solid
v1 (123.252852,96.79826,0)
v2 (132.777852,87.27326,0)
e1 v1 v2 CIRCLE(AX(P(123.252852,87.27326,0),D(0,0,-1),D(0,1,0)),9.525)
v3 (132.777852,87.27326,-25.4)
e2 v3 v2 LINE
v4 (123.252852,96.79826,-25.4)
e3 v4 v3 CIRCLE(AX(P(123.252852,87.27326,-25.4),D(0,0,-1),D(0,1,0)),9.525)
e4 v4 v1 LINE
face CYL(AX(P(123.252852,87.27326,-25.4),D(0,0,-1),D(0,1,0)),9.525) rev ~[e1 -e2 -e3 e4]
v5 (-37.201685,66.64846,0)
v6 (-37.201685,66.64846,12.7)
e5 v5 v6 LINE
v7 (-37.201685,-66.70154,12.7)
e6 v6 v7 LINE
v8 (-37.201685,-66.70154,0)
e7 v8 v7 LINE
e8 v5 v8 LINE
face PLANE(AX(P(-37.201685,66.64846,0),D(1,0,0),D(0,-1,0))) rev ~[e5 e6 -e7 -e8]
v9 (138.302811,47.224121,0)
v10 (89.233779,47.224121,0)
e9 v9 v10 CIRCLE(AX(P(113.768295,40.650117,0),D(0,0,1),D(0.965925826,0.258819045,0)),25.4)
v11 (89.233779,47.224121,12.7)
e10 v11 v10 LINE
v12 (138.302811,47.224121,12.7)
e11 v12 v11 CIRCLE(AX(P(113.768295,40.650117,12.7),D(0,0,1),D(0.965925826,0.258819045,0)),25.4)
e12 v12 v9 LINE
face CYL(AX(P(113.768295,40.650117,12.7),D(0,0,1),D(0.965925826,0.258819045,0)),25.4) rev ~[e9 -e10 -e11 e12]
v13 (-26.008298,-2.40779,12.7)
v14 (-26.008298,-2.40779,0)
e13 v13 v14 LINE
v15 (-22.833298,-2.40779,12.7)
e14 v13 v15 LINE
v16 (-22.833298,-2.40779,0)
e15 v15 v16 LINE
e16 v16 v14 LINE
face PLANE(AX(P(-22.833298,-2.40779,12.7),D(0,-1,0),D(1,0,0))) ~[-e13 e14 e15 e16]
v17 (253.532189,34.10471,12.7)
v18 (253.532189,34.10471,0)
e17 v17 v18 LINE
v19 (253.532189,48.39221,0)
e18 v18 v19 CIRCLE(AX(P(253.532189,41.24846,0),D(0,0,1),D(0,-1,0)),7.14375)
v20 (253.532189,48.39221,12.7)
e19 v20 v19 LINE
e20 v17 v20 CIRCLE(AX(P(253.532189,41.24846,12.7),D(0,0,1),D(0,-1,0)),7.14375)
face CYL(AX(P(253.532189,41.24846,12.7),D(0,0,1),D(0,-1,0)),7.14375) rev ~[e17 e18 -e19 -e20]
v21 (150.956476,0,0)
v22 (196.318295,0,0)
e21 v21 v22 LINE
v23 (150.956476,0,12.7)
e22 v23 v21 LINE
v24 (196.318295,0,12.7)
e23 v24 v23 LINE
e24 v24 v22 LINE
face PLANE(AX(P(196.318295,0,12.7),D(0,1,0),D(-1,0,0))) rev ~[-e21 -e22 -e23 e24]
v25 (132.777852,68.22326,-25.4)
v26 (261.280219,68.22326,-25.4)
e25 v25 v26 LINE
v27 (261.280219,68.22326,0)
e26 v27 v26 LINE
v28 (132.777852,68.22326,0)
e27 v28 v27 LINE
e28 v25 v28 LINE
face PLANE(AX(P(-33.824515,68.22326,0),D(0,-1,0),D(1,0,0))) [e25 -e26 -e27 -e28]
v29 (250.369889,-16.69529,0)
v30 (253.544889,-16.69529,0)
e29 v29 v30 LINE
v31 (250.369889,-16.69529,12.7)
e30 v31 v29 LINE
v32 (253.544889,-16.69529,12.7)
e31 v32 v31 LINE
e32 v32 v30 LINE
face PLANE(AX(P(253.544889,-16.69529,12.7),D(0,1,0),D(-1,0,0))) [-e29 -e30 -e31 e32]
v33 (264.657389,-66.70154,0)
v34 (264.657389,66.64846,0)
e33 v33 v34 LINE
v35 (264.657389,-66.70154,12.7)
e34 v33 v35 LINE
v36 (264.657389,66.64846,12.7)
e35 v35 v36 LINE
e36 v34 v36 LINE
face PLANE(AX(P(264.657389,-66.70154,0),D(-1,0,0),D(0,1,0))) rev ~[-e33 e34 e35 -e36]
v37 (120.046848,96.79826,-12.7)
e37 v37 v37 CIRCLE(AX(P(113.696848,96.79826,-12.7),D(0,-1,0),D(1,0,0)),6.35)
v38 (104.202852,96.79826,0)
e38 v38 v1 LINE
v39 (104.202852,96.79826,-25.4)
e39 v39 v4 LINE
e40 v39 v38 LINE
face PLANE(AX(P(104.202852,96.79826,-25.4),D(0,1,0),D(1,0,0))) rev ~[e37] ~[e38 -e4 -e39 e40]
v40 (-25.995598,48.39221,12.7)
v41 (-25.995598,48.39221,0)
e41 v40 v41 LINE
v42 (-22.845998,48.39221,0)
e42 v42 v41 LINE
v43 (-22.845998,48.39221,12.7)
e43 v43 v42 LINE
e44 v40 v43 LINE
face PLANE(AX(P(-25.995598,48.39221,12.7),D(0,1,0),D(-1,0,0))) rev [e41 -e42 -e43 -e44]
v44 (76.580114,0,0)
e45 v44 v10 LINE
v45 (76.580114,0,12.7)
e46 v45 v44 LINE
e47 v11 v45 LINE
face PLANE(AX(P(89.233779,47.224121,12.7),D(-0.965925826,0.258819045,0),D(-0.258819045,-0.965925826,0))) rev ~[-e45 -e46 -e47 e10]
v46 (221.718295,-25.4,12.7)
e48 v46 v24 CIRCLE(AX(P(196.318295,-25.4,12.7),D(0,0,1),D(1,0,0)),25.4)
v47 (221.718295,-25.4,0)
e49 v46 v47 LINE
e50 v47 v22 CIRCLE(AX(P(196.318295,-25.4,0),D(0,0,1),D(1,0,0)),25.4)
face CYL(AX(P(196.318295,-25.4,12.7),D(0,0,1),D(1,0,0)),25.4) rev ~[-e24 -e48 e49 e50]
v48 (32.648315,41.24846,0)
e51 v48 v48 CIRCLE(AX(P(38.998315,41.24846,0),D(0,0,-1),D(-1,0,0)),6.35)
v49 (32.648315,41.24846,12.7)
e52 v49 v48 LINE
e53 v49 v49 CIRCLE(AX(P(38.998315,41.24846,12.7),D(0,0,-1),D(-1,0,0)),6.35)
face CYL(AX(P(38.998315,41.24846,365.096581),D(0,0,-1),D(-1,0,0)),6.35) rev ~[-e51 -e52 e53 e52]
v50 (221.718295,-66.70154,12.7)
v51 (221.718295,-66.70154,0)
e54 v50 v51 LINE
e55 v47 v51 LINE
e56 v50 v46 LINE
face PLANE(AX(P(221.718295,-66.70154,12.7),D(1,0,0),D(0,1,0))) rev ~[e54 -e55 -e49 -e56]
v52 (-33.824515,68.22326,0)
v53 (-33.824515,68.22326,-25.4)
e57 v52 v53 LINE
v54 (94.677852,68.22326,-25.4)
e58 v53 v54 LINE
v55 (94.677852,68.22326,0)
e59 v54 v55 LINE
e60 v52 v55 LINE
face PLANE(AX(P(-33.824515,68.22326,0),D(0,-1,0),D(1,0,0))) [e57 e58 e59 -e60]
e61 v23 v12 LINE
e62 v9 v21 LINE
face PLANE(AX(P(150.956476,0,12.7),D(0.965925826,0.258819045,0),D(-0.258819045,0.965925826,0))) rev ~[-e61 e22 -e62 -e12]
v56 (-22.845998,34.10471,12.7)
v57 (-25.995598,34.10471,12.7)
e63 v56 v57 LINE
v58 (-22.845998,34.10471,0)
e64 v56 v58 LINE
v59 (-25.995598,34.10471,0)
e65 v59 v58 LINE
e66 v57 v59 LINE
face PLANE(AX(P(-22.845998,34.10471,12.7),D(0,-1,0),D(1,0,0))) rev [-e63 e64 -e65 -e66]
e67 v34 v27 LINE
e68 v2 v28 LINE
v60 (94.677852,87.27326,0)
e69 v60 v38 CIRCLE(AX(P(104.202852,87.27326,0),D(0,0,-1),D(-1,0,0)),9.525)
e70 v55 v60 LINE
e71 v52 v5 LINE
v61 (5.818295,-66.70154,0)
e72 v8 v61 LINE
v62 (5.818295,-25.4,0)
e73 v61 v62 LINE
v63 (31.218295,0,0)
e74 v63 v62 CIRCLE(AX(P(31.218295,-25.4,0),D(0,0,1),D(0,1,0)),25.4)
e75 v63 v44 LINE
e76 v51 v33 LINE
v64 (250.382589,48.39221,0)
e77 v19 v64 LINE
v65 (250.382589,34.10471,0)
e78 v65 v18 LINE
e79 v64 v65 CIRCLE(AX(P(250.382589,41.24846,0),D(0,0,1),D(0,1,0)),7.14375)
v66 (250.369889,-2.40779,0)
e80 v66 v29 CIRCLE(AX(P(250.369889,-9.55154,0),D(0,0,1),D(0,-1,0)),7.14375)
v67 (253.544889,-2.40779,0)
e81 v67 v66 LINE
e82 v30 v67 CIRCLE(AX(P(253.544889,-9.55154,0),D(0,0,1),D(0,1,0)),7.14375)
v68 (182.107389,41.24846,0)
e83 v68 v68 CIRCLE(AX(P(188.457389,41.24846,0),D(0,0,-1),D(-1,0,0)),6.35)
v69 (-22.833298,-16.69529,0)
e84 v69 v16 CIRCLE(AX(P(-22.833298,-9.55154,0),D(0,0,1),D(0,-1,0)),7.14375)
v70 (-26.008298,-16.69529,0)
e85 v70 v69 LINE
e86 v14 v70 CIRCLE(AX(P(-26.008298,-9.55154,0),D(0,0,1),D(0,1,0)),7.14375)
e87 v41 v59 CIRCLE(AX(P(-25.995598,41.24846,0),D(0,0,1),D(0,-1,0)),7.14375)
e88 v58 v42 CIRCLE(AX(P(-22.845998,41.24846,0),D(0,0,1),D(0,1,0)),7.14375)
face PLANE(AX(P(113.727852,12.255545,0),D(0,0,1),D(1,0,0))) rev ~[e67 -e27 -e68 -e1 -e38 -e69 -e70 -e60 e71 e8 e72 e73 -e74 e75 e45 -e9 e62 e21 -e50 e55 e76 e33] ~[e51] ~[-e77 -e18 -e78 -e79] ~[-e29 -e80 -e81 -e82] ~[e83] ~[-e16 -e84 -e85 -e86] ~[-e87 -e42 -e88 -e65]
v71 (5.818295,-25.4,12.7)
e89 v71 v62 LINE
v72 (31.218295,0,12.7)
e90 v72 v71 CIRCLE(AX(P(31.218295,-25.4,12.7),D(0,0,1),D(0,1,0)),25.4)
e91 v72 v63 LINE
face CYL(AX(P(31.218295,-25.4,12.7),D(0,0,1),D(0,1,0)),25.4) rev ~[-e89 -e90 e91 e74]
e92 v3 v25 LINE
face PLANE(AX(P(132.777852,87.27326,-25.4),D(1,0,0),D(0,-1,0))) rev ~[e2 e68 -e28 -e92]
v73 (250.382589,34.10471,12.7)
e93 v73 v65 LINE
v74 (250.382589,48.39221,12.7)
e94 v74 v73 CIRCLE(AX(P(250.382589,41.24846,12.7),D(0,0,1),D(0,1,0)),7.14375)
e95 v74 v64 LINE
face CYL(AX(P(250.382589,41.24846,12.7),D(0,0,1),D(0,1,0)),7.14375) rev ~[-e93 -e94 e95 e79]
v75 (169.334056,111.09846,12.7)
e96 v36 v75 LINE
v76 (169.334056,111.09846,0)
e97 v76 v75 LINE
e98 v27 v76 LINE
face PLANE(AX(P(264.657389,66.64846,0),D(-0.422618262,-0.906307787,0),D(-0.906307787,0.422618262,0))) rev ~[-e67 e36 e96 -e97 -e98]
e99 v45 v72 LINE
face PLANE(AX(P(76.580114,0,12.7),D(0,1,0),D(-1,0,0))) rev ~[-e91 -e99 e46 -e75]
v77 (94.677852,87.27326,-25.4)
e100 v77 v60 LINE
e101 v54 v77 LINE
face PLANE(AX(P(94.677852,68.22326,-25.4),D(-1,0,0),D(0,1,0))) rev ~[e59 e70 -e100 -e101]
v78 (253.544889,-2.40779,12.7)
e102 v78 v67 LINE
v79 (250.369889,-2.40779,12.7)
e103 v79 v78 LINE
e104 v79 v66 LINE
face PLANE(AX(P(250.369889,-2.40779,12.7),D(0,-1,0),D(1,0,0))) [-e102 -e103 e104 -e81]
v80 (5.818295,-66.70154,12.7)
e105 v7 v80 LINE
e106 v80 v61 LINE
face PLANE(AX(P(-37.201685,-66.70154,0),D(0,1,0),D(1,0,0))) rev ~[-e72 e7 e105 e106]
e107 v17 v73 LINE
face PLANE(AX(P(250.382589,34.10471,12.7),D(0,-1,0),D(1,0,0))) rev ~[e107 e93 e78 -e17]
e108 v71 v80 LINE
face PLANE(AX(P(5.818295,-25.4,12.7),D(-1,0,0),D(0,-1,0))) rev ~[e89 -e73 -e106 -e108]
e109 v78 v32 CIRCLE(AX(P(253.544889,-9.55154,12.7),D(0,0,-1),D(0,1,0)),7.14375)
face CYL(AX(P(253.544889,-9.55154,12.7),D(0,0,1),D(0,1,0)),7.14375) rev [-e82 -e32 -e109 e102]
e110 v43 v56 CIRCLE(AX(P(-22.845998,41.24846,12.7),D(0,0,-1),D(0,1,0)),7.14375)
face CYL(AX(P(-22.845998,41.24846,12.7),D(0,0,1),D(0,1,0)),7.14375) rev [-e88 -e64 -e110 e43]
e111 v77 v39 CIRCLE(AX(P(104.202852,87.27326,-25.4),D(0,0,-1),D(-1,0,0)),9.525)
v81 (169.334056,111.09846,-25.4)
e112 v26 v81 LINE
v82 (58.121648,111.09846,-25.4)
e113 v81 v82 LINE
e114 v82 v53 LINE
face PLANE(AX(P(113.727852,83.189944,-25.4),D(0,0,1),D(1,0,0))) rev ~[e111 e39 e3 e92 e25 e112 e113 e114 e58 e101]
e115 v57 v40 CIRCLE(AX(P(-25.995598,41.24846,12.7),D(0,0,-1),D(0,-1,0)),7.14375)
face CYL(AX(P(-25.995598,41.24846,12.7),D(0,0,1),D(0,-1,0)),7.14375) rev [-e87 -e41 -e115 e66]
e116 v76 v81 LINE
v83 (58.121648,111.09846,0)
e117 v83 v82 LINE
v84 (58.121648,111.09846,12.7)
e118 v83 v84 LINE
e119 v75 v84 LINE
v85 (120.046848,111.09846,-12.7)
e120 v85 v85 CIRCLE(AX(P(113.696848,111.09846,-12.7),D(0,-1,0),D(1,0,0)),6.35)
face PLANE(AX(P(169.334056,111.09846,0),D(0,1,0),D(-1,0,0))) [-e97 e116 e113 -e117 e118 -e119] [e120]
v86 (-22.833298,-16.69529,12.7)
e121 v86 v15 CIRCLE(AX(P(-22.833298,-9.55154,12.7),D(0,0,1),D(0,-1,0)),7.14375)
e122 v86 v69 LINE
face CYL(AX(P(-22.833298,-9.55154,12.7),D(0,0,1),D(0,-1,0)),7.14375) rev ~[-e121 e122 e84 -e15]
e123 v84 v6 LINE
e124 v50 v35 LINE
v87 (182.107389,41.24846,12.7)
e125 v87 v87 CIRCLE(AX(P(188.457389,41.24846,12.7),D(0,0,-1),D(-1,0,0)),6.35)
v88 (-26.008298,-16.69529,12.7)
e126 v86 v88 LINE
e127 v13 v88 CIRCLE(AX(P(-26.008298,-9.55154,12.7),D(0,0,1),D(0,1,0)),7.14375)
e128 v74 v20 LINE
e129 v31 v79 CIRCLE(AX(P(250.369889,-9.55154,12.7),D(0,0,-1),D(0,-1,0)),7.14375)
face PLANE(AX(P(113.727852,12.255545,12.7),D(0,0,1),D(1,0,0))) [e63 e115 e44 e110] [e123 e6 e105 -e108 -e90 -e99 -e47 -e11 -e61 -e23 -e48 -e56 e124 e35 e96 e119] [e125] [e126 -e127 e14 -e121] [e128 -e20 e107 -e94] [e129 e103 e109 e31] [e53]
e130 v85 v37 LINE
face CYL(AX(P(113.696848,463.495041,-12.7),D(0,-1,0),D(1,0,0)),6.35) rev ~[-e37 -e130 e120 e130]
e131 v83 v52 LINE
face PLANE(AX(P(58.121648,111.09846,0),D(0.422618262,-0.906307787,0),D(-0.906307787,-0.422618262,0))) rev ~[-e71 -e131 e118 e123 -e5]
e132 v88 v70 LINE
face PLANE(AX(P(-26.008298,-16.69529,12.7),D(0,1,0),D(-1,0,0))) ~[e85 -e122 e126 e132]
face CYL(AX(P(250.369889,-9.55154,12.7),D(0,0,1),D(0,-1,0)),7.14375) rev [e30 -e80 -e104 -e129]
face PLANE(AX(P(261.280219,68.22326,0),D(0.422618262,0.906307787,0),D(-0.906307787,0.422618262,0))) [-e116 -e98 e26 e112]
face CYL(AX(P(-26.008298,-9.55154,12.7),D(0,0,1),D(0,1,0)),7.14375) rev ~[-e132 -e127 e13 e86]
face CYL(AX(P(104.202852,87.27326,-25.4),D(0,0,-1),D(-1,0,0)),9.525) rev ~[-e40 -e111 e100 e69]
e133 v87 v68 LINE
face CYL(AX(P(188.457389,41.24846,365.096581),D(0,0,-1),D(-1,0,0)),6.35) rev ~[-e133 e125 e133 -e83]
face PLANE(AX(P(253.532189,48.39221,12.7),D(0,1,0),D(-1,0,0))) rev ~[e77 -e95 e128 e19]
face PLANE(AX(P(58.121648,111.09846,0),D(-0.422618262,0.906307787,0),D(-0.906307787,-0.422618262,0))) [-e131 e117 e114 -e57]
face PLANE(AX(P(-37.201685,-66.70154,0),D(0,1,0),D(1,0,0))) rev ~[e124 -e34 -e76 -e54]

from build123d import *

# Parameters (mm, degrees)
BASE_EXTRUDE_DEPTH             = 12.7
F_9_16_0_5625_DIAMETER_HOLE1_D = 14.2875
CUT_EXTRUDE1_REACH             = 14.7
BOSS_EXTRUDE1_DEPTH            = 25.4
F_1_2_20_TAPPED_HOLE1_D        = 12.7
CUT_EXTRUDE2_DEPTH             = 39.1
CUT_EXTRUDE3_DEPTH             = 39.1
F_1_2_20_TAPPED_HOLE2_D        = 12.7
CUT_EXTRUDE4_DEPTH             = 25.4


with BuildPart() as part:
    # Sketch1 → Base-Extrude (new body)
    with BuildSketch(Plane.XY):
        Polygon((58.12164787, 111.098459585), (-37.201684746, 66.648459585), (-37.201684746, -66.701540415), (264.657388756, -66.701540415), (264.657388756, 66.648459585), (169.334056139, 111.098459585), align=None)
    extrude(amount=BASE_EXTRUDE_DEPTH)

    # 9/16 (0.5625) Diameter Hole1 (through all)
    with Locations(Plane.XY.offset(12.7)):
        with Locations((251.957388756, -9.551540415), (251.957388756, 41.248459585)):
            f_9_16_0_5625_diameter_hole1 = Hole(F_9_16_0_5625_DIAMETER_HOLE1_D / 2)

    # Sketch8 → Cut-Extrude1 (cut, up to next)
    with BuildSketch(Plane.XY.offset(12.7), mode=Mode.PRIVATE) as cut_extrude1_sk1:
        with BuildLine():
            Line((5.818295254, -25.4), (5.818295254, -66.701540415))
            Line((5.818295254, -66.701540415), (221.718295254, -66.701540415))
            Line((221.718295254, -66.701540415), (221.718295254, -25.4))
            ThreePointArc((221.718295254, -25.4), (214.278807496, -7.439487758), (196.318295254, 0))
            Line((196.318295254, 0), (150.956476278, 0))
            Line((150.956476278, 0), (138.302811241, 47.224120819))
            ThreePointArc((138.302811241, 47.224120819), (113.768295254, 66.050117074), (89.233779266, 47.224120819))
            Line((89.233779266, 47.224120819), (76.580114229, 0))
            Line((76.580114229, 0), (31.218295254, 0))
            ThreePointArc((31.218295254, 0), (13.257783011, -7.439487758), (5.818295254, -25.4))
        make_face()
    cut_extrude1_tool1 = extrude(cut_extrude1_sk1.sketch, amount=-CUT_EXTRUDE1_REACH, mode=Mode.PRIVATE) & part.part
    add(cut_extrude1_tool1.solids().sort_by_distance((113.768295, -21.271265, 12.7))[0], mode=Mode.SUBTRACT)

    # Mirror3: 9/16 (0.5625) Diameter Hole1 across plane
    add(f_9_16_0_5625_diameter_hole1.mirror(Plane(origin=(113.768295254, 0, 0), x_dir=(0, 0, 1), z_dir=(1, 0, 0))), mode=Mode.SUBTRACT)

    # Sketch10 → Boss-Extrude1 (add)
    with BuildSketch(Plane(origin=(0, 0, 0), x_dir=(-1, 0, 0), z_dir=(0, 0, -1))):
        Polygon((-169.334056139, 111.098459585), (-58.12164787, 111.098459585), (33.824515248, 68.223259585), (-261.280219258, 68.223259585), align=None)
    extrude(amount=BOSS_EXTRUDE1_DEPTH)

    # 1/2-20 Tapped Hole1 (through all)
    with Locations(Plane(origin=(0, 111.098459585, 0), x_dir=(-1, 0, 0), z_dir=(0, 1, 0))):
        with Locations((-113.69684787, -12.7)):
            Hole(F_1_2_20_TAPPED_HOLE1_D / 2)

    # Sketch13 → Cut-Extrude2 (cut, through all)
    with BuildSketch(Plane.XY.offset(12.7)):
        with BuildLine():
            Line((250.369888756, -2.407790415), (253.544888756, -2.407790415))
            ThreePointArc((253.544888756, -2.407790415), (260.688638756, -9.551540415), (253.544888756, -16.695290415))
            Line((253.544888756, -16.695290415), (250.369888756, -16.695290415))
            ThreePointArc((250.369888756, -16.695290415), (243.226138756, -9.551540415), (250.369888756, -2.407790415))
        make_face()
    cut_extrude2 = extrude(amount=-CUT_EXTRUDE2_DEPTH, mode=Mode.SUBTRACT)

    # Sketch14 → Cut-Extrude3 (cut, through all)
    with BuildSketch(Plane.XY.offset(12.7)):
        with BuildLine():
            Line((253.532188756, 48.392209585), (250.382588756, 48.392209585))
            ThreePointArc((250.382588756, 48.392209585), (243.238838756, 41.248459585), (250.382588756, 34.104709585))
            Line((250.382588756, 34.104709585), (253.532188756, 34.104709585))
            ThreePointArc((253.532188756, 34.104709585), (260.675938756, 41.248459585), (253.532188756, 48.392209585))
        make_face()
    cut_extrude3 = extrude(amount=-CUT_EXTRUDE3_DEPTH, mode=Mode.SUBTRACT)

    # Mirror4: Cut-Extrude2, Cut-Extrude3 across plane
    add(cut_extrude2.mirror(Plane(origin=(113.768295254, 0, 0), x_dir=(0, 0, 1), z_dir=(1, 0, 0))), mode=Mode.SUBTRACT)
    add(cut_extrude3.mirror(Plane(origin=(113.768295254, 0, 0), x_dir=(0, 0, 1), z_dir=(1, 0, 0))), mode=Mode.SUBTRACT)

    # 1/2-20 Tapped Hole2 (through all)
    with Locations(Plane.XY.offset(12.7)):
        with Locations((38.998315254, 41.248459585), (188.457388756, 41.248459585)):
            Hole(F_1_2_20_TAPPED_HOLE2_D / 2)

    # Sketch17 → Cut-Extrude4 (cut)
    with BuildSketch(Plane(origin=(0, 0, -25.4), x_dir=(-1, 0, 0), z_dir=(0, 0, -1))):
        with BuildLine():
            Line((-132.777852005, 68.223259585), (-94.677852005, 68.223259585))
            Line((-94.677852005, 68.223259585), (-94.677852005, 87.273259585))
            ThreePointArc((-94.677852005, 87.273259585), (-97.467659914, 94.008451676), (-104.202852005, 96.798259585))
            Line((-104.202852005, 96.798259585), (-123.252852005, 96.798259585))
            ThreePointArc((-123.252852005, 96.798259585), (-129.988044096, 94.008451676), (-132.777852005, 87.273259585))
            Line((-132.777852005, 87.273259585), (-132.777852005, 68.223259585))
        make_face()
    extrude(amount=-CUT_EXTRUDE4_DEPTH, mode=Mode.SUBTRACT)


solid = part.part
